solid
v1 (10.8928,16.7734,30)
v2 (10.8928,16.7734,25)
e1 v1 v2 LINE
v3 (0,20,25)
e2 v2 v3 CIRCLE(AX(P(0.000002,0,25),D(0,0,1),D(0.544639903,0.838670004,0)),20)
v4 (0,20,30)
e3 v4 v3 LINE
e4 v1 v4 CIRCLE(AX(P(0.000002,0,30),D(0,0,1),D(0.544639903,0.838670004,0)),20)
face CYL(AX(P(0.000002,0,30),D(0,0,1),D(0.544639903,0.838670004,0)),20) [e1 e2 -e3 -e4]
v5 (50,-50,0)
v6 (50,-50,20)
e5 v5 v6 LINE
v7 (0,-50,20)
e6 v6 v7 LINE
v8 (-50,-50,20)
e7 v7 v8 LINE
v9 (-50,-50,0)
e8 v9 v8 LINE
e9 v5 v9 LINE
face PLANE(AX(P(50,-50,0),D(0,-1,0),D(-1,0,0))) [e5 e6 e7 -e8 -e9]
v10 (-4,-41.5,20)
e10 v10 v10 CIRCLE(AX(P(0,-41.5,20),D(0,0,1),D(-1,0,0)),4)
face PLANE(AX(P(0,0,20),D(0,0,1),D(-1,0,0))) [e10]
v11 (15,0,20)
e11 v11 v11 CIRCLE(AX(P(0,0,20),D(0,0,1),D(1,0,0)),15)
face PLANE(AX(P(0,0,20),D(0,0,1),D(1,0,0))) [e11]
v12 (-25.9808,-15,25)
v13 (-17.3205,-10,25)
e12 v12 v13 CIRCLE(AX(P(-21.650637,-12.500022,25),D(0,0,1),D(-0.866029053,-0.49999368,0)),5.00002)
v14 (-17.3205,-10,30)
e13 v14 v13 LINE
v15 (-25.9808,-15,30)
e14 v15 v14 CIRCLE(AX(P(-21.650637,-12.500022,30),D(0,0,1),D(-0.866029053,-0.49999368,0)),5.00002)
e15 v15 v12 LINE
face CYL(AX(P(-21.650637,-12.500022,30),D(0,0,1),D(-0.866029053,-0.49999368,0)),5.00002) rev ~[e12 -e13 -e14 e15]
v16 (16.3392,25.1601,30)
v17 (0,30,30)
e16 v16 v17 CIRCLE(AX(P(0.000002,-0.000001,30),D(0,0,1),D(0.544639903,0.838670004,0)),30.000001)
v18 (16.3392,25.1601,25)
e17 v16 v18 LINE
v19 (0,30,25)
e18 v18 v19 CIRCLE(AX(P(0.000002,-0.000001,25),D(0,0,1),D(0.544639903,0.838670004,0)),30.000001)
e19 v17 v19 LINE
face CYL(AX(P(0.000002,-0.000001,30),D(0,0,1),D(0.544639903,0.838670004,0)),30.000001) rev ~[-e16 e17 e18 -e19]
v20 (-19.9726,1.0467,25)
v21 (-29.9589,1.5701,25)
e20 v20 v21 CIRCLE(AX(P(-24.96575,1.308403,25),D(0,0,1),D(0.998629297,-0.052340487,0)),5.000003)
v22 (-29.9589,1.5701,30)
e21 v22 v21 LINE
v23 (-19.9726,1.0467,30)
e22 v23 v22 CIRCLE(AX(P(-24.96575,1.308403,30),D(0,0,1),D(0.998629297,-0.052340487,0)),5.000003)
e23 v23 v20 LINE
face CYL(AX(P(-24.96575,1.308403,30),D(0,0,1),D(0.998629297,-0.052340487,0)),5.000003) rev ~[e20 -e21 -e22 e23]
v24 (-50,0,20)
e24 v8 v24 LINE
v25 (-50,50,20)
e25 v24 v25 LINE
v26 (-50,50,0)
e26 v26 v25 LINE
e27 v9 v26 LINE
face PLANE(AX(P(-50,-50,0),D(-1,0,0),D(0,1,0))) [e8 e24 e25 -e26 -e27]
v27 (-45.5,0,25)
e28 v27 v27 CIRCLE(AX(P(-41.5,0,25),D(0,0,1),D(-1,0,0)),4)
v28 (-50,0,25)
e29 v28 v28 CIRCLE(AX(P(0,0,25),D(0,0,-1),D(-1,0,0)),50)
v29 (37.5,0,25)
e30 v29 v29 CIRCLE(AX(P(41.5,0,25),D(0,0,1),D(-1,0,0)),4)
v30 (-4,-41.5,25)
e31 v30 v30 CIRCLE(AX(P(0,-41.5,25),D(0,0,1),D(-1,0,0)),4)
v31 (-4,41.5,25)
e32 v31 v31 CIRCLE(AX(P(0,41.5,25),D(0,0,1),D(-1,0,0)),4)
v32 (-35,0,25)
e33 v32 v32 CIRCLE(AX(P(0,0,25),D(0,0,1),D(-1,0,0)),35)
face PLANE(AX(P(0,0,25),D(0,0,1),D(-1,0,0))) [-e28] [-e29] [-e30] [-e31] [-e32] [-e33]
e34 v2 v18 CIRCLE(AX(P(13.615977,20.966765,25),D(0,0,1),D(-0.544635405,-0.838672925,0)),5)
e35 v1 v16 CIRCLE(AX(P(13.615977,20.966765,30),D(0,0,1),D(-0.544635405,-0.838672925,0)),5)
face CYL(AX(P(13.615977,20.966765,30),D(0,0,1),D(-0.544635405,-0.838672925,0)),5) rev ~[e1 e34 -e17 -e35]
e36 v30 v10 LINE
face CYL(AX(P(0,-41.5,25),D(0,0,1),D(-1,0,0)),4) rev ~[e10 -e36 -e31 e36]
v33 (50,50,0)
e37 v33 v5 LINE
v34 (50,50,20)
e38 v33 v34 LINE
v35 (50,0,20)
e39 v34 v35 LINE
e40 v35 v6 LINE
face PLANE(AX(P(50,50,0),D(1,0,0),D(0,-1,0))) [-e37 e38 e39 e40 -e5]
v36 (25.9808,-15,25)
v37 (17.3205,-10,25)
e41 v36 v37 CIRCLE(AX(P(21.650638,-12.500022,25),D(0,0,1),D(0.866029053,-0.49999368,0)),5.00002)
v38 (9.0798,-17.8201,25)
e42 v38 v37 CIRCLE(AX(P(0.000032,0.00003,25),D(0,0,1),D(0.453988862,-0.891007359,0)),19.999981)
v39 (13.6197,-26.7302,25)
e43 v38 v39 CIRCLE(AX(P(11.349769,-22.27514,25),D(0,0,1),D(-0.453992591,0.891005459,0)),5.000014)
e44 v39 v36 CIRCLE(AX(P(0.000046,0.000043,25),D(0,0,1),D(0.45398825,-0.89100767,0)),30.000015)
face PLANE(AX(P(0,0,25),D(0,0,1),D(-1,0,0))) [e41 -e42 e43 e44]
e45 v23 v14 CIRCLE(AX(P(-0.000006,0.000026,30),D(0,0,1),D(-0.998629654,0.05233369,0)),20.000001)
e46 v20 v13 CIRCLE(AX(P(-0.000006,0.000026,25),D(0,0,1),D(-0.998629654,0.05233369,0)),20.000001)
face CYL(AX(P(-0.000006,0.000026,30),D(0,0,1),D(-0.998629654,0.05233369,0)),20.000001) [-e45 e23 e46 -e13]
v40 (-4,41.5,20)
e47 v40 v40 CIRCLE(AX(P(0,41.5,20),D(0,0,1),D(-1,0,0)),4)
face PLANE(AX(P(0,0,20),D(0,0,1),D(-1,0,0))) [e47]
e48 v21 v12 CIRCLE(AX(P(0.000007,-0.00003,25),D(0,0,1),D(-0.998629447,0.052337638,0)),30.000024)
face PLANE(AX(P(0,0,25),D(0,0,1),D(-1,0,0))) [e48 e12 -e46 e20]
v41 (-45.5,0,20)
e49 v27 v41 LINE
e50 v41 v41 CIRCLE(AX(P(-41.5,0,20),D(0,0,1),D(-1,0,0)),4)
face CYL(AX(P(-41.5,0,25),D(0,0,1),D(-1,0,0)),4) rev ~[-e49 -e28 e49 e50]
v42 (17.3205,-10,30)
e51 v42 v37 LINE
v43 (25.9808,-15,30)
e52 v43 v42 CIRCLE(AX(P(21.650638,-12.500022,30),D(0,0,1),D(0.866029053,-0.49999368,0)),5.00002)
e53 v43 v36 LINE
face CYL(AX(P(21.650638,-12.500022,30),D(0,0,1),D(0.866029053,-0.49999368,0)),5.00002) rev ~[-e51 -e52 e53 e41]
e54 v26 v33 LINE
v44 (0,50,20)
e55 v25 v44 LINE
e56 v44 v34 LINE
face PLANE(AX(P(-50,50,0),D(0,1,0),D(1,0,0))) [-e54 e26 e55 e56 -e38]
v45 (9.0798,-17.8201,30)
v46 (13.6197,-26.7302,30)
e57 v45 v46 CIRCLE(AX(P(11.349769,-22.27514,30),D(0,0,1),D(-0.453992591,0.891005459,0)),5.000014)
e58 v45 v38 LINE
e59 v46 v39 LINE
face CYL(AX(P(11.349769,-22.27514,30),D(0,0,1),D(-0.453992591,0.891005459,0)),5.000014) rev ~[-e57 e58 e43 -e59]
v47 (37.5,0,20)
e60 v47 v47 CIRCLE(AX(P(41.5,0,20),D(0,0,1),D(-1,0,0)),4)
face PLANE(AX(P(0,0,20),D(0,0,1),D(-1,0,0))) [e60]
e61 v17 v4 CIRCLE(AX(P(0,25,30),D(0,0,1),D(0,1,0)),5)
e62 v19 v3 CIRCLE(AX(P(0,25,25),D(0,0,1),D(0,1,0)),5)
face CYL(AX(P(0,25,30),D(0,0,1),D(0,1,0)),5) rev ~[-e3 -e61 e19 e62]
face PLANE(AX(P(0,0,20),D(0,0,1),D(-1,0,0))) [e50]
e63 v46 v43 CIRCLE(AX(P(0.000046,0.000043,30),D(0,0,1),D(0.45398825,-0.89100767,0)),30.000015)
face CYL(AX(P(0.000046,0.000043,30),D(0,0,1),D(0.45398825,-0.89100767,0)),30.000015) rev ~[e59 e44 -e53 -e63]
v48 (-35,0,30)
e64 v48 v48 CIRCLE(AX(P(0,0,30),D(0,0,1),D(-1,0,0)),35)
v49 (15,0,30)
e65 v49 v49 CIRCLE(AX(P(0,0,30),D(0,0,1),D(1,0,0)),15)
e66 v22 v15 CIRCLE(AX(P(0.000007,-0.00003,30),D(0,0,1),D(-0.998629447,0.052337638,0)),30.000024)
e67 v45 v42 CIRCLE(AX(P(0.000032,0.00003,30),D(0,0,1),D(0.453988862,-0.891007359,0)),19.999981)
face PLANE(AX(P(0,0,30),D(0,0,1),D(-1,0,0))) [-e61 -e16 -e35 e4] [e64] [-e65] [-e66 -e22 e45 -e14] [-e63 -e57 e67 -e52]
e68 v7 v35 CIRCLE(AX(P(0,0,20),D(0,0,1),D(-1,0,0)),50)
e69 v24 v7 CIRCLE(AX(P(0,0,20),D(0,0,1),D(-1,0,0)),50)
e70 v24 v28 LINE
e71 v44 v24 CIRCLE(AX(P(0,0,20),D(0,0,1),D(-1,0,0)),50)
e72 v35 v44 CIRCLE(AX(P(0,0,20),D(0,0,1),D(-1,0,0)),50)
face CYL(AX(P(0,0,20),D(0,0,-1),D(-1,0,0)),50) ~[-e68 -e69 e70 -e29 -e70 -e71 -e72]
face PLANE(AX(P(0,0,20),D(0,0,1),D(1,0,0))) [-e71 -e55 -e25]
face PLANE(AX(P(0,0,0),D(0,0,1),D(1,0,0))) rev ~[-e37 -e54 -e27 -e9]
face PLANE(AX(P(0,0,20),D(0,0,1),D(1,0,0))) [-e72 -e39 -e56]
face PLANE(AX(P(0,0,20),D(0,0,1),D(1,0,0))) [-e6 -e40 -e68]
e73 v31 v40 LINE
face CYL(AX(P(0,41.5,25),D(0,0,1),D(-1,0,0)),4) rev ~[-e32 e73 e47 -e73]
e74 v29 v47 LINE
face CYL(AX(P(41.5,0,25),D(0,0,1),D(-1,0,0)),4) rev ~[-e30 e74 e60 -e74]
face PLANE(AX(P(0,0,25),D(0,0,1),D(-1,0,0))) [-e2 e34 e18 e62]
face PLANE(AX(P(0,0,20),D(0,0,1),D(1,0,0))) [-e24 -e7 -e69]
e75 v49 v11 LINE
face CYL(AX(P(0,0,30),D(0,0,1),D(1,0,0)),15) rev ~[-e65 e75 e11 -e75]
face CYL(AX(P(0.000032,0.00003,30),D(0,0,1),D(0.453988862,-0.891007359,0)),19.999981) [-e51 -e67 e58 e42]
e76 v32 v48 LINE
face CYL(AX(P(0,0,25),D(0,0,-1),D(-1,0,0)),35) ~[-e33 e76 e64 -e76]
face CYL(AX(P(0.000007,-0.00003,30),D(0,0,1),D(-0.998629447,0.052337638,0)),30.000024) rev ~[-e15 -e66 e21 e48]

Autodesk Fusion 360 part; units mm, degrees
sketch "Sketch1" plane through (0, 0, 0) normal (0, 0, 1) x (1, 0, 0)
  line L0 (50, -50) -> (-50, -50)
  line L1 (-50, -50) -> (-50, 50)
  line L2 (-50, 50) -> (50, 50)
  line L3 (50, 50) -> (50, -50)
  line L4 (50, -50) -> (-50, 50) construction
  line L5 (-50, -50) -> (50, 50) construction
  dimension "d1" = 100
  dimension "d2" = 100
extrude "Extrude1" add sketch "Sketch1" along normal blind 20
sketch "Sketch2" plane through (0, 0, 20) normal (0, 0, 1) x (-1, 0, 0)
  line L0 (-50, -50) -> (50, -50)
  line L1 (50, -50) -> (50, 50)
  line L2 (50, 50) -> (-50, 50)
  line L3 (-50, 50) -> (-50, -50)
  circle A0 centre (0, 0) radius 50
extrude "Extrude2" add sketch "Sketch2" along normal blind 5 contours A0
sketch "Sketch3" plane through (0, 0, 25) normal (0, 0, 1) x (-1, 0, 0)
  circle A0 centre (0, 0) radius 50
  circle A1 centre (0, 0) radius 35
  dimension "d7" = 70
extrude "Extrude3" add sketch "Sketch3" along normal blind 5 contours A1
sketch "Sketch4" plane through (0, 0, 30) normal (0, 0, 1) x (-1, 0, 0)
  circle A0 centre (0, 0) radius 35
  circle A1 centre (0, 0) radius 25 construction
  arc A2 (0, -30) -> (0, -20) centre (0, -25) ccw
  arc A3 (-10.8928, -16.7734) -> (-16.3392, -25.1601) centre (-13.616, -20.9668) ccw
  arc A4 (-10.8928, -16.7734) -> (0, -20) centre (0, 0) ccw
  arc A5 (-16.3392, -25.1601) -> (0, -30) centre (0, 0) ccw
  arc A6 (25.9808, 15) -> (17.3205, 10) centre (21.6506, 12.5) ccw
  arc A7 (19.9726, -1.0467) -> (29.9589, -1.5701) centre (24.9657, -1.3084) ccw
  arc A8 (19.9726, -1.0467) -> (17.3205, 10) centre (0, 0) ccw
  arc A9 (29.9589, -1.5701) -> (25.9808, 15) centre (0, 0) ccw
  arc A10 (-25.9808, 15) -> (-17.3205, 10) centre (-21.6506, 12.5) ccw
  arc A11 (-9.0798, 17.8201) -> (-13.6197, 26.7302) centre (-11.3498, 22.2752) ccw
  arc A12 (-9.0798, 17.8201) -> (-17.3205, 10) centre (0, 0) ccw
  arc A13 (-13.6197, 26.7302) -> (-25.9808, 15) centre (0, 0) ccw
  dimension "d11" = 40
  dimension "d12" = 60
  dimension "d13" = 50
  dimension "d16" = 360
extrude "Extrude4" cut sketch "Sketch4" against normal blind 5 contours A2 A3 A4 A5 | A6 A7 A8 A9 | A10 A11 A12 A13
sketch "Sketch5" plane through (0, 0, 30) normal (0, 0, 1) x (-1, 0, 0)
  arc A0 (-13.6197, 26.7302) -> (-25.9808, 15) centre (0, 0) ccw
  arc A1 (-9.0798, 17.8201) -> (-13.6197, 26.7302) centre (-11.3498, 22.2752) ccw
  arc A2 (-9.0798, 17.8201) -> (-17.3205, 10) centre (0, 0) ccw
  arc A3 (-25.9808, 15) -> (-17.3205, 10) centre (-21.6506, 12.5) ccw
  arc A4 (-16.3392, -25.1601) -> (0, -30) centre (0, 0) ccw
  arc A5 (-10.8928, -16.7734) -> (-16.3392, -25.1601) centre (-13.616, -20.9668) ccw
  arc A6 (-10.8928, -16.7734) -> (0, -20) centre (0, 0) ccw
  arc A7 (0, -30) -> (0, -20) centre (0, -25) ccw
  arc A8 (29.9589, -1.5701) -> (25.9808, 15) centre (0, 0) ccw
  arc A9 (19.9726, -1.0467) -> (29.9589, -1.5701) centre (24.9657, -1.3084) ccw
  arc A10 (19.9726, -1.0467) -> (17.3205, 10) centre (0, 0) ccw
  arc A11 (25.9808, 15) -> (17.3205, 10) centre (21.6506, 12.5) ccw
  circle A12 centre (0, 0) radius 35
sketch "Sketch6" plane through (0, 0, 30) normal (0, 0, 1) x (1, 0, 0)
  circle A0 centre (0, 0) radius 15
  dimension "d19" = 30
extrude "Extrude5" cut sketch "Sketch6" against normal blind 10
sketch "Sketch7" plane through (0, 0, 25) normal (0, 0, 1) x (-1, 0, 0)
  circle A0 centre (0, 0) radius 35
  circle A1 centre (0, 0) radius 50
  circle A2 centre (0, 0) radius 41.5 construction
  line L0 (0, 0) -> (50, 0) construction
  circle A3 centre (41.5, 0) radius 4
  circle A4 centre (0, 41.5) radius 4
  circle A5 centre (-41.5, 0) radius 4
  circle A6 centre (0, -41.5) radius 4
  dimension "d22" = 83
  dimension "d23" = 8
  dimension "d25" = 360
extrude "Extrude6" cut sketch "Sketch7" against normal blind 5 contours A3 | A4 | A5 | A6
